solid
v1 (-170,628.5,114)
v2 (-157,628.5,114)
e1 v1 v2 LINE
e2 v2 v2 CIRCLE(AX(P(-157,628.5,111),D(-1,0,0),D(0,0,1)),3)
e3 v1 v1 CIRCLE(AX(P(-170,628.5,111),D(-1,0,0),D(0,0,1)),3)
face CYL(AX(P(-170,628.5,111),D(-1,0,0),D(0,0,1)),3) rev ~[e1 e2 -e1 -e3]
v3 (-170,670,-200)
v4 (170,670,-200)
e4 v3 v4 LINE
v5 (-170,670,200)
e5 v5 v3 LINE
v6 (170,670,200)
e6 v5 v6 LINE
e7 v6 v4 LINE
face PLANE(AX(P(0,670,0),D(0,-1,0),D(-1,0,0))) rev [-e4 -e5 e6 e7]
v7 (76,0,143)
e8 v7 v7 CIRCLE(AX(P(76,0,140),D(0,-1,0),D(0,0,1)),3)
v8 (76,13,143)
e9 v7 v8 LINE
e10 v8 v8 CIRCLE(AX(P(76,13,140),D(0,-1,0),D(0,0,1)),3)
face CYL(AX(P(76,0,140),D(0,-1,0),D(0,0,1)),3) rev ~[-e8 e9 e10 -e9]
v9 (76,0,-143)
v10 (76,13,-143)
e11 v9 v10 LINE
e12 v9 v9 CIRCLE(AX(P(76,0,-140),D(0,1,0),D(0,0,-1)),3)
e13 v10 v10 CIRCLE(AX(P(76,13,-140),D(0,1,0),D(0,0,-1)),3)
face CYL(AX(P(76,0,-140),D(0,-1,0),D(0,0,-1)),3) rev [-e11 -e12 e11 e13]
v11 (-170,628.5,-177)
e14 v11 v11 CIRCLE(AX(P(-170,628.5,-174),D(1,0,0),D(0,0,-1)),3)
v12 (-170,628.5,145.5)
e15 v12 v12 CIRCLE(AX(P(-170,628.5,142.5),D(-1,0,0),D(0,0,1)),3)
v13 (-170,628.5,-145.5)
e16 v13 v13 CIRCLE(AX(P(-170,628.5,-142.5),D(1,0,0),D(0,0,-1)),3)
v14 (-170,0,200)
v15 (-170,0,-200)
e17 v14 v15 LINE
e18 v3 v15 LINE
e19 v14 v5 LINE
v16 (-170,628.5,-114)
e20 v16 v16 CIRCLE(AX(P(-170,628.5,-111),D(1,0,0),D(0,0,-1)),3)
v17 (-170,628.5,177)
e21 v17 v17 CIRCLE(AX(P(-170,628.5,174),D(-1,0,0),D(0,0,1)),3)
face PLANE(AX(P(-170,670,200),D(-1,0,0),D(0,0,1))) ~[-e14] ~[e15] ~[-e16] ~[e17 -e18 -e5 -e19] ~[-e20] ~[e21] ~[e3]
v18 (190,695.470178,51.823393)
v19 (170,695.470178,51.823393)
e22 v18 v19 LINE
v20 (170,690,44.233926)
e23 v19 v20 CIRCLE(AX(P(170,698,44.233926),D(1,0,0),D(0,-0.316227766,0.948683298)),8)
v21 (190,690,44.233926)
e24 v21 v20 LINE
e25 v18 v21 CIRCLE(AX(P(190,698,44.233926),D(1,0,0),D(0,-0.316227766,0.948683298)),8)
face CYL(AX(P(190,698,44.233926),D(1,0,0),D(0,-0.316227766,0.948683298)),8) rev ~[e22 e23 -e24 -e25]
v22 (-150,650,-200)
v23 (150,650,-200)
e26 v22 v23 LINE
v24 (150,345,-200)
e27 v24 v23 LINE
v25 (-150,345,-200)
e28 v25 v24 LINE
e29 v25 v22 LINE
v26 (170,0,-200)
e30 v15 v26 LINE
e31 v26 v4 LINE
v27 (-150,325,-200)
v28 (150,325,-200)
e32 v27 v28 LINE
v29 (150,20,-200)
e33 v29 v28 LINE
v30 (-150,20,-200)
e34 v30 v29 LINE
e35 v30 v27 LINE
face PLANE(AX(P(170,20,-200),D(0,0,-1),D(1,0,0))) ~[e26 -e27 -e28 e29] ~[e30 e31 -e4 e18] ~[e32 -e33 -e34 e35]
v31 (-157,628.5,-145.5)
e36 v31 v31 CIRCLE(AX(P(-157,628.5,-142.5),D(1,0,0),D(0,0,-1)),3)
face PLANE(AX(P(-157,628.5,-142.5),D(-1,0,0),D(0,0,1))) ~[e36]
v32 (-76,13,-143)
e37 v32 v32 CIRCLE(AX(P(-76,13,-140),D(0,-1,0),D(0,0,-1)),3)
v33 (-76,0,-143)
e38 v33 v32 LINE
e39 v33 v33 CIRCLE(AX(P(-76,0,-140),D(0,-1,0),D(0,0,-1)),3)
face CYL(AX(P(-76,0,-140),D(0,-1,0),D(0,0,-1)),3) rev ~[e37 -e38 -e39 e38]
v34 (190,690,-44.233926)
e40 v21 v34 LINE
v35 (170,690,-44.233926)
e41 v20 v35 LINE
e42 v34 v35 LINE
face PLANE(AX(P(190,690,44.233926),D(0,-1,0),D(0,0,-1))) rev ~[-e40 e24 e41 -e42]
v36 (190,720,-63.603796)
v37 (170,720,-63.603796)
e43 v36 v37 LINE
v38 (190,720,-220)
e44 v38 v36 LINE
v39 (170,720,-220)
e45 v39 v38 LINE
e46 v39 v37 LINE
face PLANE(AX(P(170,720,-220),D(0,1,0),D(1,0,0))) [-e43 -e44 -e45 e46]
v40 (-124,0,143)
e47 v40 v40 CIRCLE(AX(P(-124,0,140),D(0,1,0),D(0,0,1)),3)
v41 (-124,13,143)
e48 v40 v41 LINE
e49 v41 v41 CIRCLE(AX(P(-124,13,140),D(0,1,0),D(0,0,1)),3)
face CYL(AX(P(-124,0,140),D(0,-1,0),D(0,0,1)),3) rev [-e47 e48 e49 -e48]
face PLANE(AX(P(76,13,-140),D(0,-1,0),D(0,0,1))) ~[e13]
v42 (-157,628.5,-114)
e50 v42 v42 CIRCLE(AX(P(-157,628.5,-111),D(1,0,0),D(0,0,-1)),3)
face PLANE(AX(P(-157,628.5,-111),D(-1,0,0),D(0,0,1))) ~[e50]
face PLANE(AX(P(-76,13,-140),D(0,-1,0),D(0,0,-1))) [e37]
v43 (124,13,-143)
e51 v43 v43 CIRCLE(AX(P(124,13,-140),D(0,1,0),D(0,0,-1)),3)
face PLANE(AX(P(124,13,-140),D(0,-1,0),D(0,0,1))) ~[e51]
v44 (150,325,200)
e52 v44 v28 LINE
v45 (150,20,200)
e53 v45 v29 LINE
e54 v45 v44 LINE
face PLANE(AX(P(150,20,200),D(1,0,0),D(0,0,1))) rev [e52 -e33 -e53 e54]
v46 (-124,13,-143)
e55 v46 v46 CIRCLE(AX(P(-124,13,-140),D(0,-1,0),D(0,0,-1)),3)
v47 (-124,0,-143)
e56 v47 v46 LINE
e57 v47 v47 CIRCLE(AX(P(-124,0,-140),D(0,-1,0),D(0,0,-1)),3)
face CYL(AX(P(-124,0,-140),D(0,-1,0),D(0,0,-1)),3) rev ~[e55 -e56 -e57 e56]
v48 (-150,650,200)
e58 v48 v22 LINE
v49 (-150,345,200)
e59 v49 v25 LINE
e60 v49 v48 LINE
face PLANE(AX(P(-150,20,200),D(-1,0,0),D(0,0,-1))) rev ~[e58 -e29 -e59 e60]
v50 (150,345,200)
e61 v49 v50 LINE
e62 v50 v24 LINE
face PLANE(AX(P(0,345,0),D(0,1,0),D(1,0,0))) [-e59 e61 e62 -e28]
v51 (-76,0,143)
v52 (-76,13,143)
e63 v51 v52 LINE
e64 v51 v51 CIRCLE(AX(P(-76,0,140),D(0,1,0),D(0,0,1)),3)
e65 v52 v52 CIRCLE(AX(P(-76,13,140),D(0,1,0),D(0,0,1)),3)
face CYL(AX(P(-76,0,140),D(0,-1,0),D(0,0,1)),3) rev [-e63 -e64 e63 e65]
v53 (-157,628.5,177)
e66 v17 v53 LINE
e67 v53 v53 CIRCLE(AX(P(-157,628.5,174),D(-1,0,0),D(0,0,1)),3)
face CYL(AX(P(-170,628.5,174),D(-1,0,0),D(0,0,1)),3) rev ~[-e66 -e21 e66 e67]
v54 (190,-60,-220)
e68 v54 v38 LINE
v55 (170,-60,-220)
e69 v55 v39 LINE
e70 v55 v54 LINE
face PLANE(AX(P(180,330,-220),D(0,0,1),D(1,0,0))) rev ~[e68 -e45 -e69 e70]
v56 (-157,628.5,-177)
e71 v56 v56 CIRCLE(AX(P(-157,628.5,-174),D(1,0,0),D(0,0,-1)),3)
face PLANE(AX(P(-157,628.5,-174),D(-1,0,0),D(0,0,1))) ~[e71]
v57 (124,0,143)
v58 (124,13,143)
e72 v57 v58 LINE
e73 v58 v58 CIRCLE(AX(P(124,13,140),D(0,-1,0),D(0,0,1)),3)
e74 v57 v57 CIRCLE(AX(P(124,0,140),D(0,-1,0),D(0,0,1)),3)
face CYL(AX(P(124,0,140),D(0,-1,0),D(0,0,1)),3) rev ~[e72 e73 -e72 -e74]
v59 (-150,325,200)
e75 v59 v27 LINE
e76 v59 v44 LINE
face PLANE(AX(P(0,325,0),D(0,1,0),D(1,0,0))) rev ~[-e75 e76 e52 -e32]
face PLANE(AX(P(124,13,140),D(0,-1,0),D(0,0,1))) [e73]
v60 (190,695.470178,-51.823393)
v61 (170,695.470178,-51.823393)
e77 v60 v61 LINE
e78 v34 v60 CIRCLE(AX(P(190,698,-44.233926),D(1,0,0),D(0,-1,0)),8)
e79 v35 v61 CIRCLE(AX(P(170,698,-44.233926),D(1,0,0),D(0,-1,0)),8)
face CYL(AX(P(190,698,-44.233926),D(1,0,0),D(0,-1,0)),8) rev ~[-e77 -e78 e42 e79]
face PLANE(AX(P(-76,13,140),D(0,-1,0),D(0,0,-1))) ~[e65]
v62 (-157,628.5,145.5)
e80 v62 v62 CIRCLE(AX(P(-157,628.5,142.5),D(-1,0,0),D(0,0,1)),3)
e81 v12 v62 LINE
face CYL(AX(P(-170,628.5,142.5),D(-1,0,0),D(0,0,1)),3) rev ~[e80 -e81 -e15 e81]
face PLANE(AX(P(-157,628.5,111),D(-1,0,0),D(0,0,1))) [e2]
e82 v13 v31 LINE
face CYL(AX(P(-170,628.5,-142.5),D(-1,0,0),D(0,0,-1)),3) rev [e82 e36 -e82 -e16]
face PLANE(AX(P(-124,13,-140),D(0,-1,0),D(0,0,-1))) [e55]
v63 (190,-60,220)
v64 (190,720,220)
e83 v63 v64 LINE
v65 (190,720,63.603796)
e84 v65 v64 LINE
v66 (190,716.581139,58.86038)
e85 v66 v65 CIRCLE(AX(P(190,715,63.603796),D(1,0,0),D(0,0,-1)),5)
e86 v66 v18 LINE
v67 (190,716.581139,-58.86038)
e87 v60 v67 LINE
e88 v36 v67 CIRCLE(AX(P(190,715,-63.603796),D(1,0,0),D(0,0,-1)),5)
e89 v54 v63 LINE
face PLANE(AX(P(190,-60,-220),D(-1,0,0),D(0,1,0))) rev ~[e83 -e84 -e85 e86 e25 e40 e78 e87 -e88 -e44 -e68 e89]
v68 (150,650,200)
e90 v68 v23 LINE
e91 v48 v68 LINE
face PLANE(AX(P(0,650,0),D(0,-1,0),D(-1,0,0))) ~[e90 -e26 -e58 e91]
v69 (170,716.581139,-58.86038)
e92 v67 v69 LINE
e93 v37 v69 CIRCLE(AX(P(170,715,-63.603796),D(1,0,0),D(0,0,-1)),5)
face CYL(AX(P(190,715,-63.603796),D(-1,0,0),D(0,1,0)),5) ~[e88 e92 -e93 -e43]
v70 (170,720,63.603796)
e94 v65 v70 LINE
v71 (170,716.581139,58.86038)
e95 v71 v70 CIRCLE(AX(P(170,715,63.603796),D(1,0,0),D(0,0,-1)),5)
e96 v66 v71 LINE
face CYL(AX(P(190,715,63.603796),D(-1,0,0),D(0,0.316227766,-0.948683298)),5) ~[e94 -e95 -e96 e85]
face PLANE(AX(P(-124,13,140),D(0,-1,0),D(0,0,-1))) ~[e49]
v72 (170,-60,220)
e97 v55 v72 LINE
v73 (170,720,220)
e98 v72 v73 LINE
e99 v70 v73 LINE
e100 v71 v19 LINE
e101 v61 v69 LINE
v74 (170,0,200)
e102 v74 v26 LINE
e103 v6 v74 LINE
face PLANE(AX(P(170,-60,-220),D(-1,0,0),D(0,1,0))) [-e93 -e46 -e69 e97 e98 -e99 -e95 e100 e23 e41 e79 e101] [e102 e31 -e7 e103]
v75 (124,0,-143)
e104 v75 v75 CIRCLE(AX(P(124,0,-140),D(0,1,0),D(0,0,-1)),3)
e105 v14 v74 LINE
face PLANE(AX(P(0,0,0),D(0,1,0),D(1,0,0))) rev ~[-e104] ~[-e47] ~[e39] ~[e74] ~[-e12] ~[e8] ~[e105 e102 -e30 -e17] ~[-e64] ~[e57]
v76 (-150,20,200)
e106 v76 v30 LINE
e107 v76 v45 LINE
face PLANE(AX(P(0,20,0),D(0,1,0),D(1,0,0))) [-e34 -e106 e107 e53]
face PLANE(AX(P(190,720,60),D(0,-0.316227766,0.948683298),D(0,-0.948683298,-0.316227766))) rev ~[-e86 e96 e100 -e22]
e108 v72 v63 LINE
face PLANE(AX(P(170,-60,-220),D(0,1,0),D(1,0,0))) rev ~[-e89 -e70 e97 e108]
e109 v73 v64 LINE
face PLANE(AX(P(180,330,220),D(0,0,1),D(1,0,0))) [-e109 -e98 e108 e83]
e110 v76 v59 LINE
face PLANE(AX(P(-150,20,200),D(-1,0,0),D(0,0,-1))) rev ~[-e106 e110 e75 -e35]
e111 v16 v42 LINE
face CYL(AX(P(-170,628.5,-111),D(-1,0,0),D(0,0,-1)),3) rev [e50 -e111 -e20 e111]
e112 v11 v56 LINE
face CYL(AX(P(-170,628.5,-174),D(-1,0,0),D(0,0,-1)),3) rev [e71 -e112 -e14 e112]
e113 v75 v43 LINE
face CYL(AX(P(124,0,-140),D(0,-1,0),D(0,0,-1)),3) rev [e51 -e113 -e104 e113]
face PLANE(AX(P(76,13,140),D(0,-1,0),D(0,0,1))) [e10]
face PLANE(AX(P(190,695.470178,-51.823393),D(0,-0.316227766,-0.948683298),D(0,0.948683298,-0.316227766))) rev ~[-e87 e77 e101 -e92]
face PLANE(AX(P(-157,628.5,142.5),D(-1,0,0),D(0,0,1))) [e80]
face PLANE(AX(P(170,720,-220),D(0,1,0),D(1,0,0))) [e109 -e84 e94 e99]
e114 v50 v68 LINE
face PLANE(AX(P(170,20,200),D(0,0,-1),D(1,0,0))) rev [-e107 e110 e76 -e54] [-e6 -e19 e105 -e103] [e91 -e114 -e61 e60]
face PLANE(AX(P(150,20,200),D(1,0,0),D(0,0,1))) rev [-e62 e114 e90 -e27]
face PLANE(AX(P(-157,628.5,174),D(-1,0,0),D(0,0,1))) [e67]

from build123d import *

# Parameters (mm, degrees)
SKETCH1_W                = 340
SKETCH1_H                = 400
BOSS_EXTRUDE1_DEPTH      = 20
SKETCH2_W                = 20
SKETCH2_H                = 400
BOSS_EXTRUDE2_DEPTH      = 630
SKETCH3_W                = 300
SKETCH3_H                = 400
BOSS_EXTRUDE3_DEPTH      = 10
BOSS_EXTRUDE4_DEPTH      = 20
BOSS_EXTRUDE4_DEPTH_BACK = 420
SKETCH8_W                = 20
SKETCH8_H                = 780
CUT_EXTRUDE4_DEPTH       = 20
FILLET1_R                = 5
SKETCH10_R               = 3
CUT_EXTRUDE5_DEPTH       = 13
SKETCH11_R               = 3
CUT_EXTRUDE6_DEPTH       = 13
MIRROR5_COPY_1_SKETCH_R  = 3
MIRROR5_COPY_1_DEPTH     = 13


with BuildPart() as part:
    # Sketch1 → Boss-Extrude1 (new body)
    with BuildSketch(Plane(origin=(0, 0, 0), x_dir=(1, 0, 0), z_dir=(0, 1, 0))):
        Rectangle(SKETCH1_W, SKETCH1_H)
    boss_extrude1 = extrude(amount=BOSS_EXTRUDE1_DEPTH)

    # Sketch2 → Boss-Extrude2 (add)
    with BuildSketch(Plane(origin=(0, 20, 0), x_dir=(1, 0, 0), z_dir=(0, 1, 0))):
        with Locations((-160, 0)):
            Rectangle(SKETCH2_W, SKETCH2_H)
    boss_extrude2 = extrude(amount=BOSS_EXTRUDE2_DEPTH)

    # Sketch3 → Boss-Extrude3 (add, symmetric)
    with BuildSketch(Plane(origin=(0, 335, 0), x_dir=(1, 0, 0), z_dir=(0, 1, 0))):
        Rectangle(SKETCH3_W, SKETCH3_H)
    extrude(amount=BOSS_EXTRUDE3_DEPTH, both=True)

    # Mirror1: Boss-Extrude1 across plane
    add(boss_extrude1.mirror(Plane.ZX.offset(335)))

    # Mirror2: Boss-Extrude2 across plane
    add(boss_extrude2.mirror(Plane(origin=(0, 0, 0), x_dir=(0, 0, 1), z_dir=(1, 0, 0))))

    # Sketch8 → Boss-Extrude4 (add, two sides: drawn at the far end of the back side and taken through both)
    with BuildSketch(Plane.XY.offset(200).offset(-BOSS_EXTRUDE4_DEPTH_BACK)):
        with Locations((180, 330)):
            Rectangle(SKETCH8_W, SKETCH8_H)
    extrude(amount=BOSS_EXTRUDE4_DEPTH + BOSS_EXTRUDE4_DEPTH_BACK)

    # Sketch9 → Cut-Extrude4 (cut)
    with BuildSketch(Plane(origin=(190, 0, 0), x_dir=(0, 0, -1), z_dir=(1, 0, 0))):
        with BuildLine():
            Line((-60, 720), (-51.823392624, 695.470177872))
            ThreePointArc((-51.823392624, 695.470177872), (-48.911608517, 691.510062519), (-44.23392624, 690))
            Line((-44.23392624, 690), (44.23392624, 690))
            ThreePointArc((44.23392624, 690), (48.911608517, 691.510062519), (51.823392624, 695.470177872))
            Line((51.823392624, 695.470177872), (60, 720))
            Line((60, 720), (-60, 720))
        make_face()
    extrude(amount=-CUT_EXTRUDE4_DEPTH, mode=Mode.SUBTRACT)

    # Fillet1
    fillet1_edges = [part.edges().sort_by_distance(p)[0] for p in [
        (180, 720, 60),
        (180, 720, -60),
    ]]
    fillet(fillet1_edges, radius=FILLET1_R)

    # Sketch10 → Cut-Extrude5 (cut)
    with BuildSketch(Plane.ZY.offset(170)):
        with Locations((174, 628.5)):
            Circle(SKETCH10_R)
        with Locations((142.5, 628.5)):
            Circle(SKETCH10_R)
        with Locations((111, 628.5)):
            Circle(SKETCH10_R)
    cut_extrude5 = extrude(amount=-CUT_EXTRUDE5_DEPTH, mode=Mode.SUBTRACT)

    # Mirror3: Cut-Extrude5 across plane
    add(cut_extrude5.mirror(Plane.XY), mode=Mode.SUBTRACT)

    # Sketch11 → Cut-Extrude6 (cut)
    with BuildSketch(Plane.XZ):
        with Locations(Location((-124, -140, 0), (0, 0, 270))):
            Circle(SKETCH11_R)
        with Locations(Location((-76, -140, 0), (0, 0, 270))):
            Circle(SKETCH11_R)
    cut_extrude6 = extrude(amount=-CUT_EXTRUDE6_DEPTH, mode=Mode.SUBTRACT)

    # Mirror4: Cut-Extrude6 across plane
    add(cut_extrude6.mirror(Plane(origin=(0, 0, 0), x_dir=(0, 0, 1), z_dir=(1, 0, 0))), mode=Mode.SUBTRACT)

    # Mirror5: Cut-Extrude6 across plane
    add(cut_extrude6.mirror(Plane.XY), mode=Mode.SUBTRACT)

    # Mirror5 copy 1 sketch → Mirror5 copy 1 (cut)
    with BuildSketch(Plane(origin=(0, 0, 0), x_dir=(-1, 0, 0), z_dir=(0, -1, 0))):
        with Locations(Location((-124, -140, 0), (0, 0, 270))):
            Circle(MIRROR5_COPY_1_SKETCH_R)
        with Locations(Location((-76, -140, 0), (0, 0, 270))):
            Circle(MIRROR5_COPY_1_SKETCH_R)
    extrude(amount=-MIRROR5_COPY_1_DEPTH, mode=Mode.SUBTRACT)


solid = part.part
